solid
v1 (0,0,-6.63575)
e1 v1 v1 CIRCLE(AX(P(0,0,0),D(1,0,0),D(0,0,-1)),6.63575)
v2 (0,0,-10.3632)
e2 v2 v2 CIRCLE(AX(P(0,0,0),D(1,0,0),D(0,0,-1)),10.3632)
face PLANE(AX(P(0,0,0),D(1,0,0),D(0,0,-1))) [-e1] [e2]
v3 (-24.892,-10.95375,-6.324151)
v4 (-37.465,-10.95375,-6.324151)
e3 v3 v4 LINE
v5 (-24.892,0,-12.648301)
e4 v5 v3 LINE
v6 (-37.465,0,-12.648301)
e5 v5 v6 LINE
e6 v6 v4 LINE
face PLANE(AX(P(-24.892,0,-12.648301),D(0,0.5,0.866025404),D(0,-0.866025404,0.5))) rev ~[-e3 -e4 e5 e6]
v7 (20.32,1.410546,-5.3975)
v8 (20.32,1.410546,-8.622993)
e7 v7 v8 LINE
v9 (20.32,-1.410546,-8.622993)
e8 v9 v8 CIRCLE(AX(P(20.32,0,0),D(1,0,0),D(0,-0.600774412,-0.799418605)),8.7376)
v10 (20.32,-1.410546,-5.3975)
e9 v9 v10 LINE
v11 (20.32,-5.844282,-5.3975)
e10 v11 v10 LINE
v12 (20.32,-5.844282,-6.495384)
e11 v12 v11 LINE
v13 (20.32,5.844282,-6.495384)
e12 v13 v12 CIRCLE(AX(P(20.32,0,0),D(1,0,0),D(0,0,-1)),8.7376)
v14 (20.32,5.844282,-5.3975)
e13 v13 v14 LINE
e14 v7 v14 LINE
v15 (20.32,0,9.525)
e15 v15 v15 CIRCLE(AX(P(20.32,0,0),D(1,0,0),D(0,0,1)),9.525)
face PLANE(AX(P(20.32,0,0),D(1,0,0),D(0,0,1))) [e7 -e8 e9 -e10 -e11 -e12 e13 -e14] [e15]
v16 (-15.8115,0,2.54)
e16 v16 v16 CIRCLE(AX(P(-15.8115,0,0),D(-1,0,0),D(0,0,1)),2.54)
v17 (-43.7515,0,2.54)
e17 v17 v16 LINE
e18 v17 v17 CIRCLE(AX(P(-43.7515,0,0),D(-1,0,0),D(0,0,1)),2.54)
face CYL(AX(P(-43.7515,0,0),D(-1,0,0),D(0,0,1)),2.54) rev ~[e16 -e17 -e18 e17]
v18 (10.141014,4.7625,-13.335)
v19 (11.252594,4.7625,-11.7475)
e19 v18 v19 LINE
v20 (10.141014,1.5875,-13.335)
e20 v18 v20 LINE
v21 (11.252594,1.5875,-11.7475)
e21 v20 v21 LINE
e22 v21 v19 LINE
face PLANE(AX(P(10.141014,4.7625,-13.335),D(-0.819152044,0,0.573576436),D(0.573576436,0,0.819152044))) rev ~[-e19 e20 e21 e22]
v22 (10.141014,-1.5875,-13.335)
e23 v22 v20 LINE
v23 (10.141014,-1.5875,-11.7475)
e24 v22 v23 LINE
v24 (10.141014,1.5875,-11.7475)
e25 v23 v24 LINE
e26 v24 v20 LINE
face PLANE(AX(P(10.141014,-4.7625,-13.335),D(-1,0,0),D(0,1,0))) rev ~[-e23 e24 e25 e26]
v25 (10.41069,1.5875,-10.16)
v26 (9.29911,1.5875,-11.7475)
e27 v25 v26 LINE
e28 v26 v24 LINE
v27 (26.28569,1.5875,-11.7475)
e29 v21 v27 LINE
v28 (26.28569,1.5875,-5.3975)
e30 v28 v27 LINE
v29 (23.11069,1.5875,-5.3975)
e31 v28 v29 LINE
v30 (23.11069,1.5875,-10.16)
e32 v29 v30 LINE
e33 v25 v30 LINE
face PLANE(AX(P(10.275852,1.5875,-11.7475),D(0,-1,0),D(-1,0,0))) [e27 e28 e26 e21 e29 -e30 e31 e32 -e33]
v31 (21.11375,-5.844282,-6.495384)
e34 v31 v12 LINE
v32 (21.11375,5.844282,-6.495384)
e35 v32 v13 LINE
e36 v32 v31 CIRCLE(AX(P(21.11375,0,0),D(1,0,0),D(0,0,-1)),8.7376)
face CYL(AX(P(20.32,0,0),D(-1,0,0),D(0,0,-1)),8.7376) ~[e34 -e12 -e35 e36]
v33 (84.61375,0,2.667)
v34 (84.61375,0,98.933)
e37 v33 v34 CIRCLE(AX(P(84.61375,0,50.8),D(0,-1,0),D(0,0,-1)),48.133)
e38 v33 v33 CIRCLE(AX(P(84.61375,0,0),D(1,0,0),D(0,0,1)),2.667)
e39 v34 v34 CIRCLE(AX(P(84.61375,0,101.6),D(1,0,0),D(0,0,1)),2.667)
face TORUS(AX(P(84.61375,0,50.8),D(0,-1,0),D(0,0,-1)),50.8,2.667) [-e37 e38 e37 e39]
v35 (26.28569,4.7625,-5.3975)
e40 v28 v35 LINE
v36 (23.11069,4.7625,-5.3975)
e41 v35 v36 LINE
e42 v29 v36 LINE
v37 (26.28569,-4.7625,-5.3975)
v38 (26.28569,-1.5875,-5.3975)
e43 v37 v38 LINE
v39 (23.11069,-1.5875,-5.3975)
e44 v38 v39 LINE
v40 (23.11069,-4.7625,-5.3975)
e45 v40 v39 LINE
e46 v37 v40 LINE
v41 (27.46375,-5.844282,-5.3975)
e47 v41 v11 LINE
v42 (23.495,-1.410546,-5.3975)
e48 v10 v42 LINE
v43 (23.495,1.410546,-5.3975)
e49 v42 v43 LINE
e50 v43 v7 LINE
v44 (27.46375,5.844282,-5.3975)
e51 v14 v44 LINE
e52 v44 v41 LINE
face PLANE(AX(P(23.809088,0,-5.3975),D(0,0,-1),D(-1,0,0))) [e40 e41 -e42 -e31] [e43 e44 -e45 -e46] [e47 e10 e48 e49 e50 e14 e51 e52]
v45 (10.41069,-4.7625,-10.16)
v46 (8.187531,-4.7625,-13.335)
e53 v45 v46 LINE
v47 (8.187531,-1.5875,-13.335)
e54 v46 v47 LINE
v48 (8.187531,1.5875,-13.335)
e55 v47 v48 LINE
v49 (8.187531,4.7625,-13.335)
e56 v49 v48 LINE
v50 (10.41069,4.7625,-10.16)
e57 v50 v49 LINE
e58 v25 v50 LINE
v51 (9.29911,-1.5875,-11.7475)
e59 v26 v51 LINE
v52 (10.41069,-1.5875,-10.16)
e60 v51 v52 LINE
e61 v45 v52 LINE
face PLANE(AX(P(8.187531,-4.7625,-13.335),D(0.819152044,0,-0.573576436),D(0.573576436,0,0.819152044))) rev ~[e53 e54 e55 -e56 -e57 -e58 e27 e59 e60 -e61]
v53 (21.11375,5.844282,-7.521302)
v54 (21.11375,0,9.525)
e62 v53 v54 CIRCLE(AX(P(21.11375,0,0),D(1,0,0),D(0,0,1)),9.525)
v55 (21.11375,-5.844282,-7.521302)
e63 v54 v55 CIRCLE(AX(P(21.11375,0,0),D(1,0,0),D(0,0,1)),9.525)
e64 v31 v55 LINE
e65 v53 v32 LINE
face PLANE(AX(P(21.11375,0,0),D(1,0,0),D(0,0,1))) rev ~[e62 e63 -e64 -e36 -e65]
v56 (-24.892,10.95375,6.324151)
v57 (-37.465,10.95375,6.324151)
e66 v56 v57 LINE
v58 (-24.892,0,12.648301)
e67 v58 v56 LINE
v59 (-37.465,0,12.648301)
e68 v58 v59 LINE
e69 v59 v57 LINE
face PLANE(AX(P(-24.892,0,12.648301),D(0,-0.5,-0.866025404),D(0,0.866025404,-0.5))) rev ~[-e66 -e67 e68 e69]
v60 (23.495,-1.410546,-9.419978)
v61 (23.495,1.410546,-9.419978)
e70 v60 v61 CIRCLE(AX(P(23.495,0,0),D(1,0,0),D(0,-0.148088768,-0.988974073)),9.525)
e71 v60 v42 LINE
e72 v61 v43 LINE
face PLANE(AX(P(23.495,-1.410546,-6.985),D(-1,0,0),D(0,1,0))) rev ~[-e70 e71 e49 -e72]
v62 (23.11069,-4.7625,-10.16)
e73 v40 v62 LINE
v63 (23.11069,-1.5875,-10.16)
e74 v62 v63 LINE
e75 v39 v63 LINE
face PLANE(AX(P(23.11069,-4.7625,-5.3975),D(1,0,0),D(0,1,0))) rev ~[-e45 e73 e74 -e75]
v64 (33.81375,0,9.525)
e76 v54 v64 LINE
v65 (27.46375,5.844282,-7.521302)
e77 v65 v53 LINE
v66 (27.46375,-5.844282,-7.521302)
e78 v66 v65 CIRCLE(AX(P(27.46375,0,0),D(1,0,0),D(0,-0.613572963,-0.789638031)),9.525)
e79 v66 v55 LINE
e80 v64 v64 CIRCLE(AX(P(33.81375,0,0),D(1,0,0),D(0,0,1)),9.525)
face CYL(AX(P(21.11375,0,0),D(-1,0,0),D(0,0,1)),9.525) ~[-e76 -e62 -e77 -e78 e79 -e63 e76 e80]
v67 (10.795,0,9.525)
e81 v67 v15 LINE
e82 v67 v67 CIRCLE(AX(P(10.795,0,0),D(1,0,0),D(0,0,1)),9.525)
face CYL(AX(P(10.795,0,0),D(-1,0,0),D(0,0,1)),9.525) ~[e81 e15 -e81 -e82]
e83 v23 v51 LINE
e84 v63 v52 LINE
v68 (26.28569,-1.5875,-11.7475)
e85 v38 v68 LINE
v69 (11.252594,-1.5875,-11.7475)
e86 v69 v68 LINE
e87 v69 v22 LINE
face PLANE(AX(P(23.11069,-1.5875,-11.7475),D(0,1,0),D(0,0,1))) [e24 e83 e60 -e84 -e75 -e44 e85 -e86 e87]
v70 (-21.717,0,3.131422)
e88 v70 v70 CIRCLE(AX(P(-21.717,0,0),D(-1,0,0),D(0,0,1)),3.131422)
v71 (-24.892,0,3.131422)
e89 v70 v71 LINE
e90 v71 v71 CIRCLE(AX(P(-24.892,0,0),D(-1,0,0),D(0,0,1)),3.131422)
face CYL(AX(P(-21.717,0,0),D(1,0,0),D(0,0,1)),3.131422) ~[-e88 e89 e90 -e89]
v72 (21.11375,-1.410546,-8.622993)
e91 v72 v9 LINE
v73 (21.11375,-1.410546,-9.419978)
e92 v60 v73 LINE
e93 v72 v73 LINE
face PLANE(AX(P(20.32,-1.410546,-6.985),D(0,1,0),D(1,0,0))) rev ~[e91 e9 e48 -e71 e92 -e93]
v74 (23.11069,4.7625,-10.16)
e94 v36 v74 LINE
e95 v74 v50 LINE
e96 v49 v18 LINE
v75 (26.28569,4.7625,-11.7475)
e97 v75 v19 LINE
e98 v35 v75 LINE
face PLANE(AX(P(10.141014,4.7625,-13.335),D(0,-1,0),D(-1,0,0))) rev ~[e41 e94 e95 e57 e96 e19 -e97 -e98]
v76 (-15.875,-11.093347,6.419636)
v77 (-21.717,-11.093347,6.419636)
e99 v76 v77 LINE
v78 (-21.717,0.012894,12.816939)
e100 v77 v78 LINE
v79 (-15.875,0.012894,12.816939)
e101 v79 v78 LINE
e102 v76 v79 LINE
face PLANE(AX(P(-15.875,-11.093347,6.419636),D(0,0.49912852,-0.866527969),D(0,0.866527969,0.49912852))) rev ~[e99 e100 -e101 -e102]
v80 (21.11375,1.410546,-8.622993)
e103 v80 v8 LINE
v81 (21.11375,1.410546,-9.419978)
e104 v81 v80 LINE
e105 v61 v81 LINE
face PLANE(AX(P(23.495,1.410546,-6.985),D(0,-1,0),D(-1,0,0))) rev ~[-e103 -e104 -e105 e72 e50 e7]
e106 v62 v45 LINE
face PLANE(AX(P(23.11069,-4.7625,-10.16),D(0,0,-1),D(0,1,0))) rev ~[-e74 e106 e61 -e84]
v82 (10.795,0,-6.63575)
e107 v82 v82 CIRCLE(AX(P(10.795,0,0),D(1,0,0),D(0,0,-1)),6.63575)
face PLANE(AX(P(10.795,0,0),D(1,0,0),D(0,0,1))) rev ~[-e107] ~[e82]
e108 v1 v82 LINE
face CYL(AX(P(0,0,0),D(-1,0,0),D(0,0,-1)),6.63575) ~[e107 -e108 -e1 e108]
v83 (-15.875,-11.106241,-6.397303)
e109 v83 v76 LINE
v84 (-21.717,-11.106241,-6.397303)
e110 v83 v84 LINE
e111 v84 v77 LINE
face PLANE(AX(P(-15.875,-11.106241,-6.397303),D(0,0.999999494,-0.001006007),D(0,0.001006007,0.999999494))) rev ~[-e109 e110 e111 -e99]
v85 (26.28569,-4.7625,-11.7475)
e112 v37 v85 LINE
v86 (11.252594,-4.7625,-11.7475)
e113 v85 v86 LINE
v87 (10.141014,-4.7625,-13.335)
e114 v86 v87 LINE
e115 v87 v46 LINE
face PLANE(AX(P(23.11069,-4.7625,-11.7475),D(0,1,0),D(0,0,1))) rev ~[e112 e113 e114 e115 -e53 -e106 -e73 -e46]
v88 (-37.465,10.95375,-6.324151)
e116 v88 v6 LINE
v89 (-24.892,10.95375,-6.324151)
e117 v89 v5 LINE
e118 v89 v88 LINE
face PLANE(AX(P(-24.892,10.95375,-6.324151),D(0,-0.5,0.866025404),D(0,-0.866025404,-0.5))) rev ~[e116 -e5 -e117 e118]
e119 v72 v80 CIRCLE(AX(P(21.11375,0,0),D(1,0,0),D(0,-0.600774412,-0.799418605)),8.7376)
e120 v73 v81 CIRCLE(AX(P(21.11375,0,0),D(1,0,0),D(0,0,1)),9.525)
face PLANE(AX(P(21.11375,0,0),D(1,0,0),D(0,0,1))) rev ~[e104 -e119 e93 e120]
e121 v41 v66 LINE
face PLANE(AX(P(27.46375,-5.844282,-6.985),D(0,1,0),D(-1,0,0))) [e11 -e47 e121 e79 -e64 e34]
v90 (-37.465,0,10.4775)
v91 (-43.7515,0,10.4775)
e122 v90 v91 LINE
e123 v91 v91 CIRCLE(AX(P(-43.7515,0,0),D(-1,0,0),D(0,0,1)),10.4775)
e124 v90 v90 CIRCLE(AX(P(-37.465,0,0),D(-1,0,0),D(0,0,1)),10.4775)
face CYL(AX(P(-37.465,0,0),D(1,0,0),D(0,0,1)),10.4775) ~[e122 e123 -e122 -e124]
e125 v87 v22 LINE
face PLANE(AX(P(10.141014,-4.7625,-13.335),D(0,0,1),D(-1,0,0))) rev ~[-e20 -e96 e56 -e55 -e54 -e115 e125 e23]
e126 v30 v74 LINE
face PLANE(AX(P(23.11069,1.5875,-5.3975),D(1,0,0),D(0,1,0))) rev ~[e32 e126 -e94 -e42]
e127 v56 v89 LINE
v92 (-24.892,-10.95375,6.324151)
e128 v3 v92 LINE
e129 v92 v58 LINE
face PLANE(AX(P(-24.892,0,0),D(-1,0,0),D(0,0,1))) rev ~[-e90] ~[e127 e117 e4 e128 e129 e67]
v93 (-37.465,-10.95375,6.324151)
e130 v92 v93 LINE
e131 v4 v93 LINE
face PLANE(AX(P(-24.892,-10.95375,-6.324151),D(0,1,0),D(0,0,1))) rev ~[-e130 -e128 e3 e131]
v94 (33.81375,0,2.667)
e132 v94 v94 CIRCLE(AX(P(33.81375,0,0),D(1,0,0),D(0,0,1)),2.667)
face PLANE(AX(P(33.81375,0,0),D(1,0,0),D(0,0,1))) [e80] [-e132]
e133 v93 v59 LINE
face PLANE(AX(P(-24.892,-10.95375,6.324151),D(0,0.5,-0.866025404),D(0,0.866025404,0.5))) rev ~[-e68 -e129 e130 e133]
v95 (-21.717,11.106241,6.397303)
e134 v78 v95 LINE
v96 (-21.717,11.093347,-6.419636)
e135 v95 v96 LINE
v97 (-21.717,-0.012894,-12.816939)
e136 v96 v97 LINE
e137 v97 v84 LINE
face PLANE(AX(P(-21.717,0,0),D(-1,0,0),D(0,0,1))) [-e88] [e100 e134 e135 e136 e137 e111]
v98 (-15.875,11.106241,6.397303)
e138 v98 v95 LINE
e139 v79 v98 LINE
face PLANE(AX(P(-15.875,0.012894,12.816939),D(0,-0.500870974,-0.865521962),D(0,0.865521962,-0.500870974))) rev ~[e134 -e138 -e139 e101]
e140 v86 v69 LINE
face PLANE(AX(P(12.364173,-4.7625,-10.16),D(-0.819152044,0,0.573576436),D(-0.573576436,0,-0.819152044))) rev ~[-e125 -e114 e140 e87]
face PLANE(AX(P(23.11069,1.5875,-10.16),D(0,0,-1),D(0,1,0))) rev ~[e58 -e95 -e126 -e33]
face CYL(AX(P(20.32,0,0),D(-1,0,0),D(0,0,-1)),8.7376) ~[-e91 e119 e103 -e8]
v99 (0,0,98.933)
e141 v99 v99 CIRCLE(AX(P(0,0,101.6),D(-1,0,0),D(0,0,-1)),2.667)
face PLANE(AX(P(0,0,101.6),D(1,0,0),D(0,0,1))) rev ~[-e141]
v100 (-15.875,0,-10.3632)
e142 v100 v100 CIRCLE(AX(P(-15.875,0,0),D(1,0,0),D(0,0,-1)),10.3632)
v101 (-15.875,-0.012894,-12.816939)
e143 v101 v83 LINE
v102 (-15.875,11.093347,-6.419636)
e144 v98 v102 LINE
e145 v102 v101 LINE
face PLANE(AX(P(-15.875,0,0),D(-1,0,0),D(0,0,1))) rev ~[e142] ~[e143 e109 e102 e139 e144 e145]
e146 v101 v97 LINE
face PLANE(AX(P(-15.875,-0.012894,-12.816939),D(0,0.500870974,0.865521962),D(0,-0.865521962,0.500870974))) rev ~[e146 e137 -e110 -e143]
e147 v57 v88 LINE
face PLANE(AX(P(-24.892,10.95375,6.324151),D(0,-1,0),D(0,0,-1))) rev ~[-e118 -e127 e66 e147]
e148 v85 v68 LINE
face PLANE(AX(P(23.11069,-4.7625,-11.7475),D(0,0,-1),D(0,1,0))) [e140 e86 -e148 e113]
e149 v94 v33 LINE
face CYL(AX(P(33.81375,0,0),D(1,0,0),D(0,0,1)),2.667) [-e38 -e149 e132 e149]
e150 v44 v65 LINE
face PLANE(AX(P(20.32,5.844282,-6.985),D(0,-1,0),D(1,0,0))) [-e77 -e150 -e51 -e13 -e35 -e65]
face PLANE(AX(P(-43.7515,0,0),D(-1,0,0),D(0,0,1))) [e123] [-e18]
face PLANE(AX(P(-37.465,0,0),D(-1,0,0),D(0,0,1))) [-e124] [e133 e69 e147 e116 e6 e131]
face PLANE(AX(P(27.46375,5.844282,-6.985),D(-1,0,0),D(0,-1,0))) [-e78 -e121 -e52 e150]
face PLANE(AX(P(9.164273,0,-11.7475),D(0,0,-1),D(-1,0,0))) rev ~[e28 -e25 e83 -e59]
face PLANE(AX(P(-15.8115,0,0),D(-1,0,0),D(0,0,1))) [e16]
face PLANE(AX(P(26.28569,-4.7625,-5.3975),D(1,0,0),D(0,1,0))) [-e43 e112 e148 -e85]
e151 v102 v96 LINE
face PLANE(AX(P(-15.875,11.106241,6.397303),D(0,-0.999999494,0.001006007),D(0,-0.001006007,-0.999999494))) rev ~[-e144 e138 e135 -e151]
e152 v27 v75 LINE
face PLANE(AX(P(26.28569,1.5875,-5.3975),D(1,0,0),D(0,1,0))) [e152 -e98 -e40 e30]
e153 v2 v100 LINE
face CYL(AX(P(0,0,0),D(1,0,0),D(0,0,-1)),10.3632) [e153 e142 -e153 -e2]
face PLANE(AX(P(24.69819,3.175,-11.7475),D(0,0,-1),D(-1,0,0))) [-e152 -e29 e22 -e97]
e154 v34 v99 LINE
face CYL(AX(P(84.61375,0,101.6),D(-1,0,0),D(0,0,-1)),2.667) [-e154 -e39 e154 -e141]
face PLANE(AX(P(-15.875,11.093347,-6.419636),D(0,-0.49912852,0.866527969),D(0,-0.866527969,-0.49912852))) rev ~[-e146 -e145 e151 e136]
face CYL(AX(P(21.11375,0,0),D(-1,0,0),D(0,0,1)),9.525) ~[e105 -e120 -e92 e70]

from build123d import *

# Parameters (mm, degrees)
SKETCH1_R               = 10.3632
BOSS_EXTRUDE1_DEPTH     = 15.875
BOSS_EXTRUDE2_DEPTH     = 5.842
SKETCH3_R               = 3.131421561
BOSS_EXTRUDE3_DEPTH     = 3.175
BOSS_EXTRUDE4_DEPTH     = 12.573
SKETCH5_R               = 10.4775
BOSS_EXTRUDE5_DEPTH     = 6.2865
SKETCH6_R               = 6.63575
BOSS_EXTRUDE6_DEPTH     = 10.795
SKETCH7_R               = 9.525
BOSS_EXTRUDE7_DEPTH     = 9.525
SKETCH9_R               = 8.7376
BOSS_EXTRUDE8_DEPTH     = 0.79375
SKETCH10_R              = 9.525
BOSS_EXTRUDE9_DEPTH     = 12.7
CUT_EXTRUDE1_DEPTH      = 1.5875
CUT_EXTRUDE2_REACH      = 51.292
CUT_EXTRUDE2_END_RADIUS = 9.525
SKETCH12_W              = 3.175
SKETCH12_H              = 3.175
BOSS_EXTRUDE10_DEPTH    = 6.35
SKETCH13_W              = 1.5875
SKETCH13_H              = 3.175
BOSS_EXTRUDE11_DEPTH    = 12.7
BOSS_EXTRUDE12_DEPTH    = 3.175
BOSS_EXTRUDE13_DEPTH    = 3.175
SKETCH17_W              = 1.953483497
SKETCH17_H              = 9.525
BOSS_EXTRUDE14_DEPTH    = 1.5875
CUT_EXTRUDE3_REACH      = 50.413
SKETCH21_R              = 2.667
SKETCH22_R              = 2.54
CUT_EXTRUDE4_DEPTH      = 27.94


with BuildPart() as part:
    # Sketch1 → Boss-Extrude1 (new body)
    with BuildSketch(Plane(origin=(0, 0, 0), x_dir=(0, 0, -1), z_dir=(1, 0, 0))):
        Circle(SKETCH1_R)
    extrude(amount=-BOSS_EXTRUDE1_DEPTH)

    # Sketch2 → Boss-Extrude2 (add)
    with BuildSketch(Plane.ZY.offset(15.875)):
        Polygon((6.397302804, 11.106241349), (-6.419635747, 11.093347418), (-12.81693855, -0.012893931), (-6.397302804, -11.106241349), (6.419635747, -11.093347418), (12.81693855, 0.012893931), align=None)
    extrude(amount=BOSS_EXTRUDE2_DEPTH)

    # Sketch3 → Boss-Extrude3 (add)
    with BuildSketch(Plane.ZY.offset(21.717)):
        Circle(SKETCH3_R)
    extrude(amount=BOSS_EXTRUDE3_DEPTH)

    # Sketch4 → Boss-Extrude4 (add)
    with BuildSketch(Plane.ZY.offset(24.892)):
        Polygon((-12.648301022, 0), (-6.324150511, -10.95375), (6.324150511, -10.95375), (12.648301022, 0), (6.324150511, 10.95375), (-6.324150511, 10.95375), align=None)
    extrude(amount=BOSS_EXTRUDE4_DEPTH)

    # Sketch5 → Boss-Extrude5 (add)
    with BuildSketch(Plane.ZY.offset(37.465)):
        Circle(SKETCH5_R)
    extrude(amount=BOSS_EXTRUDE5_DEPTH)

    # Sketch6 → Boss-Extrude6 (add)
    with BuildSketch(Plane(origin=(0, 0, 0), x_dir=(0, 0, -1), z_dir=(1, 0, 0))):
        Circle(SKETCH6_R)
    extrude(amount=BOSS_EXTRUDE6_DEPTH)

    # Sketch7 → Boss-Extrude7 (add)
    with BuildSketch(Plane(origin=(10.795, 0, 0), x_dir=(0, 0, -1), z_dir=(1, 0, 0))):
        with Locations(Location((0, 0, 0), (0, 0, 180))):
            Circle(SKETCH7_R)
    extrude(amount=BOSS_EXTRUDE7_DEPTH)

    # Sketch9 → Boss-Extrude8 (add)
    with BuildSketch(Plane(origin=(20.32, 0, 0), x_dir=(0, 0, -1), z_dir=(1, 0, 0))):
        Circle(SKETCH9_R)
    extrude(amount=BOSS_EXTRUDE8_DEPTH)

    # Sketch10 → Boss-Extrude9 (add)
    with BuildSketch(Plane(origin=(21.11375, 0, 0), x_dir=(0, 0, -1), z_dir=(1, 0, 0))):
        with Locations(Location((0, 0, 0), (0, 0, 180))):
            Circle(SKETCH10_R)
    extrude(amount=BOSS_EXTRUDE9_DEPTH)

    # Sketch11 → Cut-Extrude1 (cut)
    with BuildSketch(Plane.XY.offset(-6.985)):
        Polygon((27.46375, 5.844282471), (27.46375, -5.844282471), (20.32, -5.844282471), (20.32, -1.410545514), (23.495, -1.410545514), (23.495, 1.410545514), (20.32, 1.410545514), (20.32, 5.844282471), align=None)
    extrude(amount=CUT_EXTRUDE1_DEPTH, mode=Mode.SUBTRACT)

    # Cut-Extrude2: up to this cylinder (the profile starts inside it)
    cut_extrude2_end = Plane(origin=(24.130314, 0, 0), z_dir=(-1, 0, 0)) * Cylinder(CUT_EXTRUDE2_END_RADIUS, 122.634, mode=Mode.PRIVATE)
    # Sketch11<2> → Cut-Extrude2 (cut, up to the surface)
    with BuildSketch(Plane.XY.offset(-6.985), mode=Mode.PRIVATE) as cut_extrude2_sk1:
        Polygon((27.46375, 5.844282471), (27.46375, -5.844282471), (20.32, -5.844282471), (20.32, -1.410545514), (23.495, -1.410545514), (23.495, 1.410545514), (20.32, 1.410545514), (20.32, 5.844282471), align=None)
    cut_extrude2_tool1 = extrude(cut_extrude2_sk1.sketch, amount=-CUT_EXTRUDE2_REACH, mode=Mode.PRIVATE) & cut_extrude2_end
    add(cut_extrude2_tool1.solids().sort_by_distance((24.130314, 0, -6.985))[0], mode=Mode.SUBTRACT)

    # Sketch12 → Boss-Extrude10 (add)
    with BuildSketch(Plane(origin=(0, 0, -5.3975), x_dir=(-1, 0, 0), z_dir=(0, 0, -1))):
        with Locations((-24.69818991, -3.175)):
            Rectangle(SKETCH12_W, SKETCH12_H)
        with Locations((-24.69818991, 3.175)):
            Rectangle(SKETCH12_W, SKETCH12_H)
    extrude(amount=BOSS_EXTRUDE10_DEPTH)

    # Sketch13 → Boss-Extrude11 (add)
    with BuildSketch(Plane.ZY.offset(-23.11068991)):
        with Locations((-10.95375, -3.175)):
            Rectangle(SKETCH13_W, SKETCH13_H)
        with Locations((-10.95375, 3.175)):
            Rectangle(SKETCH13_W, SKETCH13_H)
    extrude(amount=BOSS_EXTRUDE11_DEPTH)

    # Sketch14 → Boss-Extrude12 (add)
    with BuildSketch(Plane.XZ.offset(4.7625)):
        Polygon((12.364173407, -10.16), (10.141014473, -13.335), (8.187530976, -13.335), (10.41068991, -10.16), align=None)
    extrude(amount=-BOSS_EXTRUDE12_DEPTH)

    # Sketch16 → Boss-Extrude13 (add)
    with BuildSketch(Plane(origin=(0, 4.7625, 0), x_dir=(1, 0, 0), z_dir=(0, 1, 0))):
        Polygon((10.41068991, 10.16), (8.187530976, 13.335), (10.141014473, 13.335), (12.364173407, 10.16), align=None)
    extrude(amount=-BOSS_EXTRUDE13_DEPTH)

    # Sketch17 → Boss-Extrude14 (add)
    with BuildSketch(Plane(origin=(0, 0, -13.335), x_dir=(-1, 0, 0), z_dir=(0, 0, -1))):
        with Locations((-9.164272724, 0)):
            Rectangle(SKETCH17_W, SKETCH17_H)
    extrude(amount=-BOSS_EXTRUDE14_DEPTH)

    # Sketch18 → Cut-Extrude3 (cut, up to next)
    with BuildSketch(Plane(origin=(0, 4.7625, 0), x_dir=(1, 0, 0), z_dir=(0, 1, 0)), mode=Mode.PRIVATE) as cut_extrude3_sk1:
        Polygon((10.41068991, 10.16), (8.187530976, 13.335), (8.187530976, 10.16), align=None)
    cut_extrude3_tool1 = extrude(cut_extrude3_sk1.sketch, amount=-CUT_EXTRUDE3_REACH, mode=Mode.PRIVATE) & part.part
    add(cut_extrude3_tool1.solids().sort_by_distance((8.928584, 4.7625, -11.218333))[0], mode=Mode.SUBTRACT)

    # Sweep1: sweep along a path in Sketch19
    with BuildLine(Plane(origin=(0, 0, 0), x_dir=(1, 0, 0), z_dir=(0, 1, 0))) as sweep1_path:
        Line((33.81375, 0), (84.61375, 0))
        ThreePointArc((84.61375, 0), (135.41375, -50.8), (84.61375, -101.6))
        Line((84.61375, -101.6), (0, -101.6))
    # Sketch21 → Sweep1 (sweep)
    with BuildSketch(Plane(origin=(0, 0, 0), x_dir=(0, 0, -1), z_dir=(1, 0, 0))):
        with Locations((-101.6, 0)):
            Circle(SKETCH21_R)
    sweep(path=sweep1_path.line)

    # Sketch22 → Cut-Extrude4 (cut)
    with BuildSketch(Plane.ZY.offset(43.7515)):
        Circle(SKETCH22_R)
    extrude(amount=-CUT_EXTRUDE4_DEPTH, mode=Mode.SUBTRACT)


solid = part.part
